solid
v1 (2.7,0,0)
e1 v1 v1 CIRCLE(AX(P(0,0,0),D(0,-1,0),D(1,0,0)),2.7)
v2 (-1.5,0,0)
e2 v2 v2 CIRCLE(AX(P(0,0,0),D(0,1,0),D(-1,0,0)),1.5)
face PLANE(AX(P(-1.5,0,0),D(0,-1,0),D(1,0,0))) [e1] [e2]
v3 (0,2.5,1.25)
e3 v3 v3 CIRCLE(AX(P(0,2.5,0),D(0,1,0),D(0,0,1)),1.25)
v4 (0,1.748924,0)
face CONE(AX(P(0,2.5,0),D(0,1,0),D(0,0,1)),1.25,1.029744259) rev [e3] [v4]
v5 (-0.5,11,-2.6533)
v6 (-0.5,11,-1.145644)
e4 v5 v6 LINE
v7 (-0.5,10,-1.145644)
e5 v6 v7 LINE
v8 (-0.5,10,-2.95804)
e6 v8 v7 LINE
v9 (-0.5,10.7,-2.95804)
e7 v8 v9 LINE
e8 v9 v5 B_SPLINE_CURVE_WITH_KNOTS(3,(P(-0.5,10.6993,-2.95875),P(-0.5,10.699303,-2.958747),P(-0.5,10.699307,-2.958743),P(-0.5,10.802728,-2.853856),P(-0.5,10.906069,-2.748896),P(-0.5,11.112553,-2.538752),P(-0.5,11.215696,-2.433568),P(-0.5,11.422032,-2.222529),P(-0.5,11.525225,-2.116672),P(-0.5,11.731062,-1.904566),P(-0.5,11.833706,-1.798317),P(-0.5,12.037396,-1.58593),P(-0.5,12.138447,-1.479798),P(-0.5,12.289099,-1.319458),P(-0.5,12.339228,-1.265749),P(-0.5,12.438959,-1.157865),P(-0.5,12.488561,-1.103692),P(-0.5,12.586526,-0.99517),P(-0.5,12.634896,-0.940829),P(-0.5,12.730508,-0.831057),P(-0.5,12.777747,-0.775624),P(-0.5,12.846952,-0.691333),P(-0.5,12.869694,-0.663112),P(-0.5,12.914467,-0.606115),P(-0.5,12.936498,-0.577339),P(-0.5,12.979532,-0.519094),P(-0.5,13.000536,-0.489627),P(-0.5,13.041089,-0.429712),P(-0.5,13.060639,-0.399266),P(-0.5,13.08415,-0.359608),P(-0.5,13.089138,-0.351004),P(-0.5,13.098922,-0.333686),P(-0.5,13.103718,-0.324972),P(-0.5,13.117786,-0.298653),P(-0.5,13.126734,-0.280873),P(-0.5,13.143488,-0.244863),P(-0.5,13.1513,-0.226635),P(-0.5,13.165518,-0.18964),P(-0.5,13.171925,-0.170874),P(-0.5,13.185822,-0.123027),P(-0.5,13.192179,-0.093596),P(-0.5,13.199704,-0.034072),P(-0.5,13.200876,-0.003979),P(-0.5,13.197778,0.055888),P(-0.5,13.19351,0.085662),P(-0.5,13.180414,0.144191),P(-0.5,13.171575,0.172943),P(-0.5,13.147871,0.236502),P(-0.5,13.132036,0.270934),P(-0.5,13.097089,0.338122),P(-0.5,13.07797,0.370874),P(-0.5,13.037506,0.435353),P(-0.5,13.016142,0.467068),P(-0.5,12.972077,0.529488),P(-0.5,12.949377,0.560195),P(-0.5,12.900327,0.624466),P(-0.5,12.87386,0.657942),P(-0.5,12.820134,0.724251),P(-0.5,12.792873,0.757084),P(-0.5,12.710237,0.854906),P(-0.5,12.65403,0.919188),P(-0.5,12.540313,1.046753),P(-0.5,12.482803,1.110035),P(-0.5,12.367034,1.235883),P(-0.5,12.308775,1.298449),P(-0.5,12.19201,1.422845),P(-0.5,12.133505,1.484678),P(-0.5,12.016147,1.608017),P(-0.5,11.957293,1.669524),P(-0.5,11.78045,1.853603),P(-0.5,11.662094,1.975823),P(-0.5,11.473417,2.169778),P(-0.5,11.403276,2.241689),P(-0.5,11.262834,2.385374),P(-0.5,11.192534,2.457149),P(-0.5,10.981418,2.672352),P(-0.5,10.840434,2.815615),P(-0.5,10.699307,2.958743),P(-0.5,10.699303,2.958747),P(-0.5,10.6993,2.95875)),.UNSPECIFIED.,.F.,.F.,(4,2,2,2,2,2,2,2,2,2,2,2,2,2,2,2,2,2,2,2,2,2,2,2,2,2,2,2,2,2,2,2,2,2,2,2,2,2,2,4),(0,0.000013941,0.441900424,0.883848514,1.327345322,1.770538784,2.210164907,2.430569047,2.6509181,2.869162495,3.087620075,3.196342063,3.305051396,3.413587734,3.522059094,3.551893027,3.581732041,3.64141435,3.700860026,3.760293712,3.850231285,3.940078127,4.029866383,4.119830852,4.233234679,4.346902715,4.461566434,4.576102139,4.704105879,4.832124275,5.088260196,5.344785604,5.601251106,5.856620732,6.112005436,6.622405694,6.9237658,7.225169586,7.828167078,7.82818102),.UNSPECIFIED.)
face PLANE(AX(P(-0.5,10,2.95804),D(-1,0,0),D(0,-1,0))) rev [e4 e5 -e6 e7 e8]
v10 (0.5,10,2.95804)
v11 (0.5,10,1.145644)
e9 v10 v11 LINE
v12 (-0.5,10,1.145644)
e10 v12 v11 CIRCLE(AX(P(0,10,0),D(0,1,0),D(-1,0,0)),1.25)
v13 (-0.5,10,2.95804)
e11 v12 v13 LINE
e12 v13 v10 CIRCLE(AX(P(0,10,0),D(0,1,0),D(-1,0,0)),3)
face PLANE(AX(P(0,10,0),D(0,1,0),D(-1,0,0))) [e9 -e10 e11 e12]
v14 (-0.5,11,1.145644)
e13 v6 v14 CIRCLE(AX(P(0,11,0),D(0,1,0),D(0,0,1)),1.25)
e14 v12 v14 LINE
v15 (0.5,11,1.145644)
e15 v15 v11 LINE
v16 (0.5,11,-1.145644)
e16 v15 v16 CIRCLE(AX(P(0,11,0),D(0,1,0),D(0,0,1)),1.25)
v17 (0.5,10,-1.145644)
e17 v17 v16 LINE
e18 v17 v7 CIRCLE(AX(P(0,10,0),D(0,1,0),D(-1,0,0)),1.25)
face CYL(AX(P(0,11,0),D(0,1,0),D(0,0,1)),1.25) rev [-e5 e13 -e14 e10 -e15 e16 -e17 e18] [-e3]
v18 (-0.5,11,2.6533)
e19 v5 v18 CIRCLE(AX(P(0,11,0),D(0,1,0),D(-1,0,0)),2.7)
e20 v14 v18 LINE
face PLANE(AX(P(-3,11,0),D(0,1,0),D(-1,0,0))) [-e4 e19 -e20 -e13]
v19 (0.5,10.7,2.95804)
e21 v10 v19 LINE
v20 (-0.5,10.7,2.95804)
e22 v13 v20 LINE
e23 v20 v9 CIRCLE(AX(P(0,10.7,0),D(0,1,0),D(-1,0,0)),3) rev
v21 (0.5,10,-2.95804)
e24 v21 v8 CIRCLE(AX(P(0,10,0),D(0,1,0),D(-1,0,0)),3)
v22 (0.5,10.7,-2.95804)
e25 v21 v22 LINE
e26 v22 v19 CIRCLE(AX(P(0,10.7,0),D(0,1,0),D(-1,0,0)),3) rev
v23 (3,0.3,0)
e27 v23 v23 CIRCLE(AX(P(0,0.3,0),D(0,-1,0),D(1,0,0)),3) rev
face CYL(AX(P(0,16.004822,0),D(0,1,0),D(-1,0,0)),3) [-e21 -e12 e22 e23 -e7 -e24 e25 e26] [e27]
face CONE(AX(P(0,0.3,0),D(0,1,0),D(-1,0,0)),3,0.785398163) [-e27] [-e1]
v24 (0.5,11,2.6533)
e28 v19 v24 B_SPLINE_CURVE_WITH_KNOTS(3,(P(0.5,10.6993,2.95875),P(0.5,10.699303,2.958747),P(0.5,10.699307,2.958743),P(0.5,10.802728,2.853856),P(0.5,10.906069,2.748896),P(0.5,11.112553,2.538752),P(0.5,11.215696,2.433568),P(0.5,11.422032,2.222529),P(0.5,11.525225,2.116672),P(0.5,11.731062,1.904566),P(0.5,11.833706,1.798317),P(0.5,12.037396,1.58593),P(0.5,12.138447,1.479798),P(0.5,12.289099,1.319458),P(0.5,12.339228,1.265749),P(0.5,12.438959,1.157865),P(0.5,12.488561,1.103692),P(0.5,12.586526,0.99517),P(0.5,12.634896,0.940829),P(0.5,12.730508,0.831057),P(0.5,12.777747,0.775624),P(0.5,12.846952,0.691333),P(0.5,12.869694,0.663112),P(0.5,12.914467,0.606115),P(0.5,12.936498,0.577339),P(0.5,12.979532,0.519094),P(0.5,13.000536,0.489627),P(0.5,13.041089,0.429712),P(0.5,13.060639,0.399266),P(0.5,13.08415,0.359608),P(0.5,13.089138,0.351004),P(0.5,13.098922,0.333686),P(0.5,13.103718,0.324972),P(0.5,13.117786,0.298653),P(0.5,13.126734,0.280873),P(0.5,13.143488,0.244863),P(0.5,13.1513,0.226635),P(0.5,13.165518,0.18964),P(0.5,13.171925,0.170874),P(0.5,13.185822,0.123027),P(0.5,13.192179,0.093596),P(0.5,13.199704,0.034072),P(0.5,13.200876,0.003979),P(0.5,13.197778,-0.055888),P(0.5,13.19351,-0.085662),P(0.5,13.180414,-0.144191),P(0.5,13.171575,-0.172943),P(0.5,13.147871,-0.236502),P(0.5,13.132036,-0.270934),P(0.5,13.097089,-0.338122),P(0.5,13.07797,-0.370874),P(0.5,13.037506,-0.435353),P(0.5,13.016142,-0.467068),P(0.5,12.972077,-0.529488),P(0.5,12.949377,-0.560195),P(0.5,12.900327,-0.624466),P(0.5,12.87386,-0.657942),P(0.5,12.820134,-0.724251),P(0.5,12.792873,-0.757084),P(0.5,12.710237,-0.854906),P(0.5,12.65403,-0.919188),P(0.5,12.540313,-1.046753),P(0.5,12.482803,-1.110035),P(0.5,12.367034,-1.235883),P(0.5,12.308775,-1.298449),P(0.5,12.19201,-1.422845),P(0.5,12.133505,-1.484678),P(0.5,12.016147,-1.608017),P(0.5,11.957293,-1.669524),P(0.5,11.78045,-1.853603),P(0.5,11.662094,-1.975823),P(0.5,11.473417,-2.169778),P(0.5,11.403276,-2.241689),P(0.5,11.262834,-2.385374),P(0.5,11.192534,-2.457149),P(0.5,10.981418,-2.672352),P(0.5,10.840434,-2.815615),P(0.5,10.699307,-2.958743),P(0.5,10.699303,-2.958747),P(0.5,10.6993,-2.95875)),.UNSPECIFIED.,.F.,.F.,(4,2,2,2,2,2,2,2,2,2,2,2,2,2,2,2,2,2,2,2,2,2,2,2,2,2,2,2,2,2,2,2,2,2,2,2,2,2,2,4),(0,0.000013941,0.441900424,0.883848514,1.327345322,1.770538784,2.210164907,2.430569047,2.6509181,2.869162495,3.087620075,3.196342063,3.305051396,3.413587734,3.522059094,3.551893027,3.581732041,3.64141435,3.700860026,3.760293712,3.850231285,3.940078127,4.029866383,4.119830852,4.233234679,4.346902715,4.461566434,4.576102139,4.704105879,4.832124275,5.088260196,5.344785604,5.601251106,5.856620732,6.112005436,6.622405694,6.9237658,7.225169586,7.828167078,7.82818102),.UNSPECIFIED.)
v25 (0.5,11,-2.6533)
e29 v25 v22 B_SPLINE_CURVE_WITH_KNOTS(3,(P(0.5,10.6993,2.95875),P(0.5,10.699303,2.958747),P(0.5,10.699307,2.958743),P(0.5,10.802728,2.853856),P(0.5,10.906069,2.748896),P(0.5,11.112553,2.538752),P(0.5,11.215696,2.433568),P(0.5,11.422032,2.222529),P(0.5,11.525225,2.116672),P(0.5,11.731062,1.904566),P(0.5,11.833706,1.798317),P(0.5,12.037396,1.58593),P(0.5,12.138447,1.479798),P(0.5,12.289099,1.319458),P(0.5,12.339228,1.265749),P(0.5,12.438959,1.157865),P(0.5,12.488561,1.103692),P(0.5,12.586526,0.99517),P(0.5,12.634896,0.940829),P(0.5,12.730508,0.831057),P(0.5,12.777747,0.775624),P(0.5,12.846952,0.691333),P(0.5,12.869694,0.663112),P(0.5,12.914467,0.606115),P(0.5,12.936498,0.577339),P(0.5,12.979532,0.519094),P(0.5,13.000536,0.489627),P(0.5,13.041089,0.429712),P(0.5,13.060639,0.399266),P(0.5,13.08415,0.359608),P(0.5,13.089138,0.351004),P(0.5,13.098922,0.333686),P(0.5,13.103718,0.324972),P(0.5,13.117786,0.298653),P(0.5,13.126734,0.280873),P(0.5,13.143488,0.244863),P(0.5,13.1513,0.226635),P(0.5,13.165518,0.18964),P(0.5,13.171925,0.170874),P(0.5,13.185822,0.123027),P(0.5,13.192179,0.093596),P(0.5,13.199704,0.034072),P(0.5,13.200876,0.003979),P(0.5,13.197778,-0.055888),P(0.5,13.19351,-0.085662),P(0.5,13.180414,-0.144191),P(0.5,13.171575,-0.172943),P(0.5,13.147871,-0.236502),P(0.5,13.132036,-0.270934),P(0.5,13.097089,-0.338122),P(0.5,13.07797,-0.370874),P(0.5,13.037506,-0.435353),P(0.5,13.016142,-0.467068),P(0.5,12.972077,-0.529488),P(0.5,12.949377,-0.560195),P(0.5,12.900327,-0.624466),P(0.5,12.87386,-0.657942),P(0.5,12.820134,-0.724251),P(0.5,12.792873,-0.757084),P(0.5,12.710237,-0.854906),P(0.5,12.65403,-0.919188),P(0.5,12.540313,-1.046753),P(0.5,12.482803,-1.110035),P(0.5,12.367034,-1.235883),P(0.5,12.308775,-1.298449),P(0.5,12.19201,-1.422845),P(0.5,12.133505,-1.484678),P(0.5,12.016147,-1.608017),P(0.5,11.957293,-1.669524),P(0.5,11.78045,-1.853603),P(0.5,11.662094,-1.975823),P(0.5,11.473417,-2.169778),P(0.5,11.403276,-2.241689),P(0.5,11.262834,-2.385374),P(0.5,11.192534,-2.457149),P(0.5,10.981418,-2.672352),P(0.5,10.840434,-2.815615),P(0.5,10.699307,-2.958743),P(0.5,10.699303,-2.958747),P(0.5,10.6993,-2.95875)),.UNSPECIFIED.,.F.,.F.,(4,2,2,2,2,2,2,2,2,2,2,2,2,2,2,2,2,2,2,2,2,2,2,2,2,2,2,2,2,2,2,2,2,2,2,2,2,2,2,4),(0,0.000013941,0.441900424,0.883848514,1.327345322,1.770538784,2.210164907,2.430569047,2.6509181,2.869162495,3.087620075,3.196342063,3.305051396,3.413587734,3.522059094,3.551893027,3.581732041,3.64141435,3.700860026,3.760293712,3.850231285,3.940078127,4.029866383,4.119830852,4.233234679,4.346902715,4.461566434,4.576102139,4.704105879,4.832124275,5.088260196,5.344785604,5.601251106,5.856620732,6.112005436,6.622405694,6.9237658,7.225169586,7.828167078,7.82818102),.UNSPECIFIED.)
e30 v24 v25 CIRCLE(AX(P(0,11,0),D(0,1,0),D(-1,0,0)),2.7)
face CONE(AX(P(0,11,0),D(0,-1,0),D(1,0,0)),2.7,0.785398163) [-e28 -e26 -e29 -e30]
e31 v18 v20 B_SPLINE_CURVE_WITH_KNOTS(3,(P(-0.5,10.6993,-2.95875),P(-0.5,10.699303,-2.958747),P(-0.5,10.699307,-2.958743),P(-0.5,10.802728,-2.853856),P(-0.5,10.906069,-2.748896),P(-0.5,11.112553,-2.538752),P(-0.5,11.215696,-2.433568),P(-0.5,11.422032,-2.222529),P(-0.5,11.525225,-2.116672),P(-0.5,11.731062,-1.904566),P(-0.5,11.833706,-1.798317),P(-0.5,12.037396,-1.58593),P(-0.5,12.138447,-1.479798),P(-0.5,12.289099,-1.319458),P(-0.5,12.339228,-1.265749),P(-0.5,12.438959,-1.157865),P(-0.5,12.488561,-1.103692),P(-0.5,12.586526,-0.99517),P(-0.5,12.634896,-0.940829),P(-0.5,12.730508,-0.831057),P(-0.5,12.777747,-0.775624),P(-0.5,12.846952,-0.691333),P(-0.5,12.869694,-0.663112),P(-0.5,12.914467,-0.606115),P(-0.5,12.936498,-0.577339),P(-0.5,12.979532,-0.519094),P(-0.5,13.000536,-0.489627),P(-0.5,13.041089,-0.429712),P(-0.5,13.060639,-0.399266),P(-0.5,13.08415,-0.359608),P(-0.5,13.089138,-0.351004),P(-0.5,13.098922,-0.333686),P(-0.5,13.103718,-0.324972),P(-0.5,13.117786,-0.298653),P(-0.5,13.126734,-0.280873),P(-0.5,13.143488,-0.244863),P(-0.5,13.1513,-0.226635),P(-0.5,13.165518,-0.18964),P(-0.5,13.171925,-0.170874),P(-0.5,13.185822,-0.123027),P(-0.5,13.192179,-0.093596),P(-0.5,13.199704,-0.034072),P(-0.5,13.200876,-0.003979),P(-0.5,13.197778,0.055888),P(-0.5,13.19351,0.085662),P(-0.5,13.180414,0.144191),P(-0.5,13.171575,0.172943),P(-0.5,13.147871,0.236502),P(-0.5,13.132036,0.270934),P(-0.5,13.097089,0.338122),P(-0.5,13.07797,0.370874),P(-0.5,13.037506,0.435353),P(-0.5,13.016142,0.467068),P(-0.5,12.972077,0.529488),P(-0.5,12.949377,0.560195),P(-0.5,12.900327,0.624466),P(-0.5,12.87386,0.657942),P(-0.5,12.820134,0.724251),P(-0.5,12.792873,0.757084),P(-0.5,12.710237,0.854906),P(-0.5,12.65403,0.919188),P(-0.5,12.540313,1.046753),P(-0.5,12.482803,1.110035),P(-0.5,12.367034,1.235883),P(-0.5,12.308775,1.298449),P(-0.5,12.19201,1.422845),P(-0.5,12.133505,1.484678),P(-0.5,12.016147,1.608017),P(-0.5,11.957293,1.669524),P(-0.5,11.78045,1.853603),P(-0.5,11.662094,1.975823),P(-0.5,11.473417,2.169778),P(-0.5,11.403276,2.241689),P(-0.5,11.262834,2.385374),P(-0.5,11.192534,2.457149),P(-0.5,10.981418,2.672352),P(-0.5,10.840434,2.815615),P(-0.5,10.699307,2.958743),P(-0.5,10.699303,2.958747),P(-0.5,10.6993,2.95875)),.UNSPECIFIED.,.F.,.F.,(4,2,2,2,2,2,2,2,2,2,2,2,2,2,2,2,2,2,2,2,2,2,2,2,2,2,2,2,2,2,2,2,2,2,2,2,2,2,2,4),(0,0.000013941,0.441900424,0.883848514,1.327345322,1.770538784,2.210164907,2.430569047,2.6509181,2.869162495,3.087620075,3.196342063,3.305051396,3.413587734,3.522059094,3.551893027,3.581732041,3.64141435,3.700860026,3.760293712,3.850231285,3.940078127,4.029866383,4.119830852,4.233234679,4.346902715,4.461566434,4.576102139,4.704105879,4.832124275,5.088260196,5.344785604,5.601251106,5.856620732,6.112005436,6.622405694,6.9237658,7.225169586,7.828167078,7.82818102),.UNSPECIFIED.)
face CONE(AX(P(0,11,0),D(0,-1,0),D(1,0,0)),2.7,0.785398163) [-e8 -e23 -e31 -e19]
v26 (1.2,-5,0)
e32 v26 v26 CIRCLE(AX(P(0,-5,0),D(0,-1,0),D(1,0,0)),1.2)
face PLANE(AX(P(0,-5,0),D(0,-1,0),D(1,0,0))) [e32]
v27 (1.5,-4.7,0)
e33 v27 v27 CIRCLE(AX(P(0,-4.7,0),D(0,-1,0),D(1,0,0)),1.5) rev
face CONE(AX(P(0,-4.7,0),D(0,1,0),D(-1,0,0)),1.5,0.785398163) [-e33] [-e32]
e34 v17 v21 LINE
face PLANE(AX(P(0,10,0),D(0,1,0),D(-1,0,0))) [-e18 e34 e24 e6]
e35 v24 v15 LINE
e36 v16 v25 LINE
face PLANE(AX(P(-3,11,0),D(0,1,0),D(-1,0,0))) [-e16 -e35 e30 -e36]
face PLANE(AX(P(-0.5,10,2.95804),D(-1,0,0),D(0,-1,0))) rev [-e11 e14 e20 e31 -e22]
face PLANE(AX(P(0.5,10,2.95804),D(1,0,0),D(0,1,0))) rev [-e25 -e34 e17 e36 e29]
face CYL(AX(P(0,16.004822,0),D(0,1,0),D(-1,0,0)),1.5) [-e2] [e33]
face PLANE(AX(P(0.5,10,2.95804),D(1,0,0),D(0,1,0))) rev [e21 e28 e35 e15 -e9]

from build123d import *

# Parameters (mm, degrees)
CHAMFER_1_SIZE         = 0.3
CUT_EXTRUDE_2_DEPTH    = 1
HOLE_WIZARD_M3_1_D     = 2.5
HOLE_WIZARD_M3_1_DEPTH = 8.5
HOLE_WIZARD_M3_1_TIP   = 0.751075774


with BuildPart() as part:
    # ｽｹｯﾁ1 → 回転1 (revolve)
    with BuildSketch(Plane.XY):
        Polygon((0, -5), (-1.5, -5), (-1.5, 0), (-3, 0), (-3, 11), (0, 11), align=None)
    revolve(axis=Axis((0, 16.004822162, 0), (0, -1, 0)))

    # 面取り1
    chamfer_1_edges = [part.edges().sort_by_distance(p)[0] for p in [
        (3, 11, 0),
        (3, 0, 0),
        (1.5, -5, 0),
    ]]
    chamfer(chamfer_1_edges, length=CHAMFER_1_SIZE)

    # ｽｹｯﾁ2 → ｶｯﾄ - 押し出し2 (cut)
    with BuildSketch(Plane(origin=(0, 11, 0), x_dir=(1, 0, 0), z_dir=(0, 1, 0))):
        with BuildLine():
            Line((0.5, -2.958039892), (0.5, 2.958039892))
            ThreePointArc((0.5, 2.958039892), (0, 3), (-0.5, 2.958039892))
            Line((-0.5, 2.958039892), (-0.5, -2.958039892))
            ThreePointArc((-0.5, -2.958039892), (0, -3), (0.5, -2.958039892))
        make_face()
    extrude(amount=-CUT_EXTRUDE_2_DEPTH, mode=Mode.SUBTRACT)

    # M3 ねじ穴1
    with Locations(Plane(origin=(0, 11, 0), x_dir=(1, 0, 0), z_dir=(0, 1, 0))):
        with Locations((0, 0)):
            Hole(HOLE_WIZARD_M3_1_D / 2, depth=HOLE_WIZARD_M3_1_DEPTH)
            with Locations((0, 0, -(HOLE_WIZARD_M3_1_DEPTH + HOLE_WIZARD_M3_1_TIP / 2))):  # 118° drill point
                Cone(0, HOLE_WIZARD_M3_1_D / 2, HOLE_WIZARD_M3_1_TIP, mode=Mode.SUBTRACT)


solid = part.part
